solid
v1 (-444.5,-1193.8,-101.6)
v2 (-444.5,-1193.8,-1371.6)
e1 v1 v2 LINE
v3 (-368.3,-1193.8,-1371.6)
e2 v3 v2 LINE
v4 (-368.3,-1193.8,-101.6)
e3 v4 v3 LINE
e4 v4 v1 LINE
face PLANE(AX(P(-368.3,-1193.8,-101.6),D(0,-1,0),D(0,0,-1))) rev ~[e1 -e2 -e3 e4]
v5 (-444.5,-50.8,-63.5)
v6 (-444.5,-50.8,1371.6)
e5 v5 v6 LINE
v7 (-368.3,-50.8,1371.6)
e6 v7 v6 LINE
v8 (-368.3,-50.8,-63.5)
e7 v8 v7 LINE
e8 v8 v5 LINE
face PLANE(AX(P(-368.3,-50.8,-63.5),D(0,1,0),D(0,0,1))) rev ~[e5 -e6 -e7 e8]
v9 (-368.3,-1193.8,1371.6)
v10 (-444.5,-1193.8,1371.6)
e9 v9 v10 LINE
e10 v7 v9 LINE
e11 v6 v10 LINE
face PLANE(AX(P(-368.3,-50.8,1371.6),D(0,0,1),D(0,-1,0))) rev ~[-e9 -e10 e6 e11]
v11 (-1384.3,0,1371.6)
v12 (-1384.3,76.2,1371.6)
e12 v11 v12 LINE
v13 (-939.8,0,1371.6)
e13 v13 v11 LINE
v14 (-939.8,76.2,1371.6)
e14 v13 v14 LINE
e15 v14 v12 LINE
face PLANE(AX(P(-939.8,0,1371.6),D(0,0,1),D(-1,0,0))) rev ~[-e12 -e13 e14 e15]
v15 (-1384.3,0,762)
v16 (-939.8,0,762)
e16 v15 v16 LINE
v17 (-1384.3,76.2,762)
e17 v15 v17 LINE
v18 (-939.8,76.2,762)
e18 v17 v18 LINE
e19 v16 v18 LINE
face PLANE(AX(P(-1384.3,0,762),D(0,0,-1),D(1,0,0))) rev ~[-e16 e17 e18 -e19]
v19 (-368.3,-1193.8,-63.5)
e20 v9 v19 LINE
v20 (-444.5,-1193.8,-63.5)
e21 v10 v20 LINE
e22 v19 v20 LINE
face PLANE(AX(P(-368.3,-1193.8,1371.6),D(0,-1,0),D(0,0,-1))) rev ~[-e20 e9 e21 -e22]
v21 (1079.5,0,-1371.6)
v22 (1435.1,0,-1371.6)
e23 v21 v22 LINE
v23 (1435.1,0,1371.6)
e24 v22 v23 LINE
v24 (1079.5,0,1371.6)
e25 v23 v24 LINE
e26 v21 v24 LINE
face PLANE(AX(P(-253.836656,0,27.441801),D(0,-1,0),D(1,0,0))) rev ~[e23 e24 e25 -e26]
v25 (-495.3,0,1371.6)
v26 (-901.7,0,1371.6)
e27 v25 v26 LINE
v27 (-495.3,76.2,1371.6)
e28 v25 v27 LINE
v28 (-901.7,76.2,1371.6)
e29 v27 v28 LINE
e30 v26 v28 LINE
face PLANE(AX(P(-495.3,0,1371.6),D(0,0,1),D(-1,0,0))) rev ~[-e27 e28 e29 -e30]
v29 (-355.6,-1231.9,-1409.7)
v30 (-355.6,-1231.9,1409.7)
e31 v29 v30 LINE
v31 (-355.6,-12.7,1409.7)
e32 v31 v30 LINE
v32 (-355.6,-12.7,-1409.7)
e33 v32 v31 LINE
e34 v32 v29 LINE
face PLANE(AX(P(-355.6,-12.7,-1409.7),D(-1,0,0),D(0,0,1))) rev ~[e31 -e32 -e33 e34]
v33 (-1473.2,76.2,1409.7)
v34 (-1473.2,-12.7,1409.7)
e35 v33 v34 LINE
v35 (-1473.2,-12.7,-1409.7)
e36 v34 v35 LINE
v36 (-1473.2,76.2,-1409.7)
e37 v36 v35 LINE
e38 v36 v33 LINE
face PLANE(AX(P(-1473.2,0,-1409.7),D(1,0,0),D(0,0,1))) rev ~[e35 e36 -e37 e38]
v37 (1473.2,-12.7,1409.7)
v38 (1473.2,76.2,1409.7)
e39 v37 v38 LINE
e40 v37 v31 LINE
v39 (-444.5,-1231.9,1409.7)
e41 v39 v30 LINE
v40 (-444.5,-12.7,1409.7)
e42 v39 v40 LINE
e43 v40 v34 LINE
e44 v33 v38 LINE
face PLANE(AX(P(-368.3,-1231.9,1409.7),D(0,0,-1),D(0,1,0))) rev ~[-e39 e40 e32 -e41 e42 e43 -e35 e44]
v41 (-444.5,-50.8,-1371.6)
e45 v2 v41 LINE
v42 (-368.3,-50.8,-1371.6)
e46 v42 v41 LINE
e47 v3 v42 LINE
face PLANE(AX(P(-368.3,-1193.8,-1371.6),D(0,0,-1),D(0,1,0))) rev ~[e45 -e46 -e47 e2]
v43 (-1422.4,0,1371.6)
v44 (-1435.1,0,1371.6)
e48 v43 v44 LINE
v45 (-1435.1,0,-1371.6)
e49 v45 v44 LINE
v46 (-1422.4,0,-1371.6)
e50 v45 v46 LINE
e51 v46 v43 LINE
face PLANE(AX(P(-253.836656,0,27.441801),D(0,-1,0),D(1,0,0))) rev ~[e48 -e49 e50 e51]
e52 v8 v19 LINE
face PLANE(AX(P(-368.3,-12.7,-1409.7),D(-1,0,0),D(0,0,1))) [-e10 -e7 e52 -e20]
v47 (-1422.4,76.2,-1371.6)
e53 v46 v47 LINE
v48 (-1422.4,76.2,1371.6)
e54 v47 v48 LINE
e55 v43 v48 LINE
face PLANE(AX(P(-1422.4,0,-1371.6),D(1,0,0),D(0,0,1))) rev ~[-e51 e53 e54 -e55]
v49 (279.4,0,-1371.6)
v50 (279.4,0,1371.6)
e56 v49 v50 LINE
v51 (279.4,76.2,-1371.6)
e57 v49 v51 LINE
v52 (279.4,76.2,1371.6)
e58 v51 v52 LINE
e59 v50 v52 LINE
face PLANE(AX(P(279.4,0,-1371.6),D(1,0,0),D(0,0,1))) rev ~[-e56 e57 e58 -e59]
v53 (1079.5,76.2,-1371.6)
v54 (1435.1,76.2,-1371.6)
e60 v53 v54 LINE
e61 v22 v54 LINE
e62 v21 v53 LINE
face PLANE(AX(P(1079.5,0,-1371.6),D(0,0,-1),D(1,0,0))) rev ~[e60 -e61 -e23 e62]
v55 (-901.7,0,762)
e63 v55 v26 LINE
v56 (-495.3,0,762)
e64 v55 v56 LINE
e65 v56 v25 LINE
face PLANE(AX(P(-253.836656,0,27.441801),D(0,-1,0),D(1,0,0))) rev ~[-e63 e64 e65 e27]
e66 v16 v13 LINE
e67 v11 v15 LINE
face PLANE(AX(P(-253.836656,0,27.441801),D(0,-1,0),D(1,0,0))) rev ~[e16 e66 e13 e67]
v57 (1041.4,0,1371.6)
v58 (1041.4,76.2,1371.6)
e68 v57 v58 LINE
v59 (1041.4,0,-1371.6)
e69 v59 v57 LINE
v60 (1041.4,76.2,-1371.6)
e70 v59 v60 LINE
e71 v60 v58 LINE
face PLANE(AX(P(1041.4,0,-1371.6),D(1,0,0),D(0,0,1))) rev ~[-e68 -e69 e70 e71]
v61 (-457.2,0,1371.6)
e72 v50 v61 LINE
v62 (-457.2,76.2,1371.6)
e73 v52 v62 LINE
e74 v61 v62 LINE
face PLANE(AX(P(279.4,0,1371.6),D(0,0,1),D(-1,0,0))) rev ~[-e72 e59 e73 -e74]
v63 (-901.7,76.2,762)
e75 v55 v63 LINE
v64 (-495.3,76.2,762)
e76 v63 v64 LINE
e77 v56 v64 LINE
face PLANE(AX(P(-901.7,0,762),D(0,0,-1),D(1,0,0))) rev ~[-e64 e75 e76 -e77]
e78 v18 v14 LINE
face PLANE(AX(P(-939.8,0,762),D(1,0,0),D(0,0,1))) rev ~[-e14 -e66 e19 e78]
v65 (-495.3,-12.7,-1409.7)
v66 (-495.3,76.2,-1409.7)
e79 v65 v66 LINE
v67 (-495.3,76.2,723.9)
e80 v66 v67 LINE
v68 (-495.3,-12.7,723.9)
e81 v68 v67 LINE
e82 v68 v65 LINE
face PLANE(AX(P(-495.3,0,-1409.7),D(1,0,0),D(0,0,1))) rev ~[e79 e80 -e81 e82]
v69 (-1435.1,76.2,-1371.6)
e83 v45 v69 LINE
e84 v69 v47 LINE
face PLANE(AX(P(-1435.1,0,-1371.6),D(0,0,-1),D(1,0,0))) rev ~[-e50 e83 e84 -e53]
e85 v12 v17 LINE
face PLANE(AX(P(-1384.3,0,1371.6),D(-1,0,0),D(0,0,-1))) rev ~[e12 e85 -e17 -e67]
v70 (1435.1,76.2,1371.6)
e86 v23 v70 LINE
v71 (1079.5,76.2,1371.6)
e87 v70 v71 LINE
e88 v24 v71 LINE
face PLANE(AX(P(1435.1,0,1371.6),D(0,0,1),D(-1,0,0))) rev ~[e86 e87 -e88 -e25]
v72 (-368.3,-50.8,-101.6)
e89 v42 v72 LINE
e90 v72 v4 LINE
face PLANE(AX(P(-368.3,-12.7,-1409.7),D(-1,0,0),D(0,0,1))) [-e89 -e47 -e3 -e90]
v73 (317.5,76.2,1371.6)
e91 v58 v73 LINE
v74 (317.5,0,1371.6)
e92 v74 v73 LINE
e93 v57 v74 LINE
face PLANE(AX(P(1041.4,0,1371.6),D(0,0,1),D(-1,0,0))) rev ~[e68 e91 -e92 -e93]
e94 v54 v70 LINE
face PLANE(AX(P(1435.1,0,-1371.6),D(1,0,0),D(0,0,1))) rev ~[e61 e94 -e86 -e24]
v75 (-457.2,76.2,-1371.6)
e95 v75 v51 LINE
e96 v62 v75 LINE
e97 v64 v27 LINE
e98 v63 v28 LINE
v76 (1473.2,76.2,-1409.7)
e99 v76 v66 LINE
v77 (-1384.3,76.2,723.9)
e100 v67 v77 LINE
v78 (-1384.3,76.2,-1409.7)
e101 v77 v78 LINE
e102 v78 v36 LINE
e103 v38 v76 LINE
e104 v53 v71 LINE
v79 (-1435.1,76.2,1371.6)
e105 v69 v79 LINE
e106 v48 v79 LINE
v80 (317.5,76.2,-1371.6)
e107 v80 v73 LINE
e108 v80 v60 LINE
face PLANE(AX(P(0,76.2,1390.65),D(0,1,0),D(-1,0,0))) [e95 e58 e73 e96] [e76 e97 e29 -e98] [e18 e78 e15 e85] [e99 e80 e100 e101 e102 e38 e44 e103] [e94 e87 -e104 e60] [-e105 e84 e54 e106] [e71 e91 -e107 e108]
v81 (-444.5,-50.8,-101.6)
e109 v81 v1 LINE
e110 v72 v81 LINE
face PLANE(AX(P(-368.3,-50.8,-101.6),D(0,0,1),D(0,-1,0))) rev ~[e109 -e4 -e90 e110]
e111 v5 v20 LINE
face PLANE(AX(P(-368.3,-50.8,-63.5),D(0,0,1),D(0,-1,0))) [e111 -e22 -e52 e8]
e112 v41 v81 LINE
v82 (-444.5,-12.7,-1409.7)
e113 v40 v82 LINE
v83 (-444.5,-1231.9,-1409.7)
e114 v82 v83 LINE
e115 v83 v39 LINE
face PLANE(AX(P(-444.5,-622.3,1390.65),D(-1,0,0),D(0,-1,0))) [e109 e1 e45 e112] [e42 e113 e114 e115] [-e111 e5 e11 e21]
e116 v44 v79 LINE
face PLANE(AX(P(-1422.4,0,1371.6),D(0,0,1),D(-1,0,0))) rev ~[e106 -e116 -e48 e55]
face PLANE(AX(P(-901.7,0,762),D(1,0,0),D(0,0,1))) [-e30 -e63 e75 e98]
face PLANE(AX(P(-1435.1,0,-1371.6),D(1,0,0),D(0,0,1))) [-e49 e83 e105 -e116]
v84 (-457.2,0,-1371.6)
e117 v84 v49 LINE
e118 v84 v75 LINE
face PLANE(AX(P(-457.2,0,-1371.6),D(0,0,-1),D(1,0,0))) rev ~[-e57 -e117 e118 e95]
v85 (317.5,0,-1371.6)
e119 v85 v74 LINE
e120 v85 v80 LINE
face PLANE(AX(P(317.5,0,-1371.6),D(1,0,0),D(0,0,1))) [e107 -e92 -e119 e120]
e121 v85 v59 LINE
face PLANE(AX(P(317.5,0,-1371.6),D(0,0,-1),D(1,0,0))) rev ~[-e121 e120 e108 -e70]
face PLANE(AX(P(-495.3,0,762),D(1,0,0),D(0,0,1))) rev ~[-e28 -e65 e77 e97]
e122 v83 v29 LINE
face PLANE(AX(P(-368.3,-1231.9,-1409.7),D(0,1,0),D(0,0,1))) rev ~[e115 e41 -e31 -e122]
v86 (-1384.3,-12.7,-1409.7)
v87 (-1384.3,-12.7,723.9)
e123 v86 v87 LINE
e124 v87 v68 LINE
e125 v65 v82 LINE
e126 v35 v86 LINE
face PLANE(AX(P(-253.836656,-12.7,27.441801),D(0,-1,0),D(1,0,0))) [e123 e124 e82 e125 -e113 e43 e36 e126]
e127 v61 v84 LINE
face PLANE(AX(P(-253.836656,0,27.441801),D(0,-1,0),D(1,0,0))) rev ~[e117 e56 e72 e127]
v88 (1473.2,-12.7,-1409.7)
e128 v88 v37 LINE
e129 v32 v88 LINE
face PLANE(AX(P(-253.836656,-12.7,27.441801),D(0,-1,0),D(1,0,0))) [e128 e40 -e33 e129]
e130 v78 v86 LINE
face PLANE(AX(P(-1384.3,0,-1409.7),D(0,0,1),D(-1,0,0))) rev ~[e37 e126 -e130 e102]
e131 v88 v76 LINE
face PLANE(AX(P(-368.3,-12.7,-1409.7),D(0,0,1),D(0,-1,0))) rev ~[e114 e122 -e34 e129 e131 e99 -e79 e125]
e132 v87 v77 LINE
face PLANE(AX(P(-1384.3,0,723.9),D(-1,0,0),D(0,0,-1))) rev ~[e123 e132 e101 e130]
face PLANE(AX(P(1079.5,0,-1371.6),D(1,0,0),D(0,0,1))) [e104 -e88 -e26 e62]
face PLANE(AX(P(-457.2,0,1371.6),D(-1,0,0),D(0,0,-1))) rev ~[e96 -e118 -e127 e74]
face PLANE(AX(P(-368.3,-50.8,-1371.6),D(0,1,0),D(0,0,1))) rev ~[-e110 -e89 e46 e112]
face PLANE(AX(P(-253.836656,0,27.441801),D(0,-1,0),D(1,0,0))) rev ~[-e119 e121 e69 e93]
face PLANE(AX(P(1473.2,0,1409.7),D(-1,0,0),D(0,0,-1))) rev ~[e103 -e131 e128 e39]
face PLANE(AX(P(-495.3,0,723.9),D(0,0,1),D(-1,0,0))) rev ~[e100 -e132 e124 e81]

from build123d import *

# Parameters (mm, degrees)
F1_DEPTH = 12.7
F2_W     = 38.1
F2_H     = 2743.2
F2_H_2   = 609.6
F3_DEPTH = 76.2
F4_W     = 12.7
F4_H     = 2819.4
F5_DEPTH = 1219.2
F6_W     = 1143
F6_H     = 38.1
F7_DEPTH = 76.2


with BuildPart() as f1:
    # F0 (on Front) → F1 (new body)
    with BuildSketch(Plane.XZ):
        Polygon((1473.2, -1409.7), (1473.2, 1409.7), (-1473.2, 1409.7), (-1473.2, -1409.7), (-1384.3, -1409.7), (-1384.3, 723.9), (-495.3, 723.9), (-495.3, -1409.7), align=None)
    extrude(amount=F1_DEPTH)

    # F2 (on face) → F3 (join)
    with BuildSketch(Plane(origin=(0, 0, 0), x_dir=(-1, 0, 0), z_dir=(0, 1, 0))):
        Polygon((1473.2, 1409.7), (-1473.2, 1409.7), (-1473.2, 1371.6), (-1435.1, 1371.6), (-1079.5, 1371.6), (-1041.4, 1371.6), (-317.5, 1371.6), (-279.4, 1371.6), (457.2, 1371.6), (495.3, 1371.6), (901.7, 1371.6), (939.8, 1371.6), (1041.4, 1371.6), (1079.5, 1371.6), (1384.3, 1371.6), (1422.4, 1371.6), (1435.1, 1371.6), (1473.2, 1371.6), align=None)
        with Locations((-1454.15, 0)):
            Rectangle(F2_W, F2_H)
        with Locations((1454.15, 0)):
            Rectangle(F2_W, F2_H)
        Polygon((-1435.1, -1371.6), (-1473.2, -1371.6), (-1473.2, -1409.7), (495.3, -1409.7), (495.3, -1371.6), (457.2, -1371.6), (-279.4, -1371.6), (-317.5, -1371.6), (-1041.4, -1371.6), (-1079.5, -1371.6), align=None)
        Polygon((1473.2, -1409.7), (1473.2, -1371.6), (1435.1, -1371.6), (1422.4, -1371.6), (1384.3, -1371.6), (1384.3, -1409.7), align=None)
        Polygon((1422.4, -1371.6), (1422.4, 1371.6), (1384.3, 1371.6), (1384.3, 762), (1384.3, 723.9), (1384.3, -1371.6), align=None)
        Polygon((457.2, -1371.6), (495.3, -1371.6), (495.3, 723.9), (495.3, 762), (495.3, 1371.6), (457.2, 1371.6), align=None)
        Polygon((1384.3, 723.9), (1384.3, 762), (939.8, 762), (901.7, 762), (495.3, 762), (495.3, 723.9), align=None)
        with Locations((-1060.45, 0)):
            Rectangle(F2_W, F2_H)
        with Locations((-298.45, 0)):
            Rectangle(F2_W, F2_H)
        with Locations((920.75, 1066.8)):
            Rectangle(F2_W, F2_H_2)
    extrude(amount=F3_DEPTH)

    # F4 (on face) → F5 (join)
    with BuildSketch(Plane.XZ.offset(12.7)):
        with Locations((-361.95, 0)):
            Rectangle(F4_W, F4_H)
    extrude(amount=F5_DEPTH)

    # F6 (on face) → F7 (join)
    with BuildSketch(Plane(origin=(-368.3, 0, 0), x_dir=(0, -1, 0), z_dir=(-1, 0, 0))):
        Polygon((1231.9, 1371.6), (1231.9, 1409.7), (12.7, 1409.7), (12.7, 1371.6), (50.8, 1371.6), (1193.8, 1371.6), align=None)
        Polygon((1231.9, -1409.7), (1231.9, 1371.6), (1193.8, 1371.6), (1193.8, -63.5), (1193.8, -101.6), (1193.8, -1371.6), (1193.8, -1409.7), align=None)
        Polygon((50.8, 1371.6), (12.7, 1371.6), (12.7, -1371.6), (50.8, -1371.6), (50.8, -101.6), (50.8, -63.5), align=None)
        Polygon((50.8, -1371.6), (12.7, -1371.6), (12.7, -1409.7), (1193.8, -1409.7), (1193.8, -1371.6), align=None)
        with Locations((622.3, -82.55)):
            Rectangle(F6_W, F6_H)
    extrude(amount=F7_DEPTH)


solid = f1.part
